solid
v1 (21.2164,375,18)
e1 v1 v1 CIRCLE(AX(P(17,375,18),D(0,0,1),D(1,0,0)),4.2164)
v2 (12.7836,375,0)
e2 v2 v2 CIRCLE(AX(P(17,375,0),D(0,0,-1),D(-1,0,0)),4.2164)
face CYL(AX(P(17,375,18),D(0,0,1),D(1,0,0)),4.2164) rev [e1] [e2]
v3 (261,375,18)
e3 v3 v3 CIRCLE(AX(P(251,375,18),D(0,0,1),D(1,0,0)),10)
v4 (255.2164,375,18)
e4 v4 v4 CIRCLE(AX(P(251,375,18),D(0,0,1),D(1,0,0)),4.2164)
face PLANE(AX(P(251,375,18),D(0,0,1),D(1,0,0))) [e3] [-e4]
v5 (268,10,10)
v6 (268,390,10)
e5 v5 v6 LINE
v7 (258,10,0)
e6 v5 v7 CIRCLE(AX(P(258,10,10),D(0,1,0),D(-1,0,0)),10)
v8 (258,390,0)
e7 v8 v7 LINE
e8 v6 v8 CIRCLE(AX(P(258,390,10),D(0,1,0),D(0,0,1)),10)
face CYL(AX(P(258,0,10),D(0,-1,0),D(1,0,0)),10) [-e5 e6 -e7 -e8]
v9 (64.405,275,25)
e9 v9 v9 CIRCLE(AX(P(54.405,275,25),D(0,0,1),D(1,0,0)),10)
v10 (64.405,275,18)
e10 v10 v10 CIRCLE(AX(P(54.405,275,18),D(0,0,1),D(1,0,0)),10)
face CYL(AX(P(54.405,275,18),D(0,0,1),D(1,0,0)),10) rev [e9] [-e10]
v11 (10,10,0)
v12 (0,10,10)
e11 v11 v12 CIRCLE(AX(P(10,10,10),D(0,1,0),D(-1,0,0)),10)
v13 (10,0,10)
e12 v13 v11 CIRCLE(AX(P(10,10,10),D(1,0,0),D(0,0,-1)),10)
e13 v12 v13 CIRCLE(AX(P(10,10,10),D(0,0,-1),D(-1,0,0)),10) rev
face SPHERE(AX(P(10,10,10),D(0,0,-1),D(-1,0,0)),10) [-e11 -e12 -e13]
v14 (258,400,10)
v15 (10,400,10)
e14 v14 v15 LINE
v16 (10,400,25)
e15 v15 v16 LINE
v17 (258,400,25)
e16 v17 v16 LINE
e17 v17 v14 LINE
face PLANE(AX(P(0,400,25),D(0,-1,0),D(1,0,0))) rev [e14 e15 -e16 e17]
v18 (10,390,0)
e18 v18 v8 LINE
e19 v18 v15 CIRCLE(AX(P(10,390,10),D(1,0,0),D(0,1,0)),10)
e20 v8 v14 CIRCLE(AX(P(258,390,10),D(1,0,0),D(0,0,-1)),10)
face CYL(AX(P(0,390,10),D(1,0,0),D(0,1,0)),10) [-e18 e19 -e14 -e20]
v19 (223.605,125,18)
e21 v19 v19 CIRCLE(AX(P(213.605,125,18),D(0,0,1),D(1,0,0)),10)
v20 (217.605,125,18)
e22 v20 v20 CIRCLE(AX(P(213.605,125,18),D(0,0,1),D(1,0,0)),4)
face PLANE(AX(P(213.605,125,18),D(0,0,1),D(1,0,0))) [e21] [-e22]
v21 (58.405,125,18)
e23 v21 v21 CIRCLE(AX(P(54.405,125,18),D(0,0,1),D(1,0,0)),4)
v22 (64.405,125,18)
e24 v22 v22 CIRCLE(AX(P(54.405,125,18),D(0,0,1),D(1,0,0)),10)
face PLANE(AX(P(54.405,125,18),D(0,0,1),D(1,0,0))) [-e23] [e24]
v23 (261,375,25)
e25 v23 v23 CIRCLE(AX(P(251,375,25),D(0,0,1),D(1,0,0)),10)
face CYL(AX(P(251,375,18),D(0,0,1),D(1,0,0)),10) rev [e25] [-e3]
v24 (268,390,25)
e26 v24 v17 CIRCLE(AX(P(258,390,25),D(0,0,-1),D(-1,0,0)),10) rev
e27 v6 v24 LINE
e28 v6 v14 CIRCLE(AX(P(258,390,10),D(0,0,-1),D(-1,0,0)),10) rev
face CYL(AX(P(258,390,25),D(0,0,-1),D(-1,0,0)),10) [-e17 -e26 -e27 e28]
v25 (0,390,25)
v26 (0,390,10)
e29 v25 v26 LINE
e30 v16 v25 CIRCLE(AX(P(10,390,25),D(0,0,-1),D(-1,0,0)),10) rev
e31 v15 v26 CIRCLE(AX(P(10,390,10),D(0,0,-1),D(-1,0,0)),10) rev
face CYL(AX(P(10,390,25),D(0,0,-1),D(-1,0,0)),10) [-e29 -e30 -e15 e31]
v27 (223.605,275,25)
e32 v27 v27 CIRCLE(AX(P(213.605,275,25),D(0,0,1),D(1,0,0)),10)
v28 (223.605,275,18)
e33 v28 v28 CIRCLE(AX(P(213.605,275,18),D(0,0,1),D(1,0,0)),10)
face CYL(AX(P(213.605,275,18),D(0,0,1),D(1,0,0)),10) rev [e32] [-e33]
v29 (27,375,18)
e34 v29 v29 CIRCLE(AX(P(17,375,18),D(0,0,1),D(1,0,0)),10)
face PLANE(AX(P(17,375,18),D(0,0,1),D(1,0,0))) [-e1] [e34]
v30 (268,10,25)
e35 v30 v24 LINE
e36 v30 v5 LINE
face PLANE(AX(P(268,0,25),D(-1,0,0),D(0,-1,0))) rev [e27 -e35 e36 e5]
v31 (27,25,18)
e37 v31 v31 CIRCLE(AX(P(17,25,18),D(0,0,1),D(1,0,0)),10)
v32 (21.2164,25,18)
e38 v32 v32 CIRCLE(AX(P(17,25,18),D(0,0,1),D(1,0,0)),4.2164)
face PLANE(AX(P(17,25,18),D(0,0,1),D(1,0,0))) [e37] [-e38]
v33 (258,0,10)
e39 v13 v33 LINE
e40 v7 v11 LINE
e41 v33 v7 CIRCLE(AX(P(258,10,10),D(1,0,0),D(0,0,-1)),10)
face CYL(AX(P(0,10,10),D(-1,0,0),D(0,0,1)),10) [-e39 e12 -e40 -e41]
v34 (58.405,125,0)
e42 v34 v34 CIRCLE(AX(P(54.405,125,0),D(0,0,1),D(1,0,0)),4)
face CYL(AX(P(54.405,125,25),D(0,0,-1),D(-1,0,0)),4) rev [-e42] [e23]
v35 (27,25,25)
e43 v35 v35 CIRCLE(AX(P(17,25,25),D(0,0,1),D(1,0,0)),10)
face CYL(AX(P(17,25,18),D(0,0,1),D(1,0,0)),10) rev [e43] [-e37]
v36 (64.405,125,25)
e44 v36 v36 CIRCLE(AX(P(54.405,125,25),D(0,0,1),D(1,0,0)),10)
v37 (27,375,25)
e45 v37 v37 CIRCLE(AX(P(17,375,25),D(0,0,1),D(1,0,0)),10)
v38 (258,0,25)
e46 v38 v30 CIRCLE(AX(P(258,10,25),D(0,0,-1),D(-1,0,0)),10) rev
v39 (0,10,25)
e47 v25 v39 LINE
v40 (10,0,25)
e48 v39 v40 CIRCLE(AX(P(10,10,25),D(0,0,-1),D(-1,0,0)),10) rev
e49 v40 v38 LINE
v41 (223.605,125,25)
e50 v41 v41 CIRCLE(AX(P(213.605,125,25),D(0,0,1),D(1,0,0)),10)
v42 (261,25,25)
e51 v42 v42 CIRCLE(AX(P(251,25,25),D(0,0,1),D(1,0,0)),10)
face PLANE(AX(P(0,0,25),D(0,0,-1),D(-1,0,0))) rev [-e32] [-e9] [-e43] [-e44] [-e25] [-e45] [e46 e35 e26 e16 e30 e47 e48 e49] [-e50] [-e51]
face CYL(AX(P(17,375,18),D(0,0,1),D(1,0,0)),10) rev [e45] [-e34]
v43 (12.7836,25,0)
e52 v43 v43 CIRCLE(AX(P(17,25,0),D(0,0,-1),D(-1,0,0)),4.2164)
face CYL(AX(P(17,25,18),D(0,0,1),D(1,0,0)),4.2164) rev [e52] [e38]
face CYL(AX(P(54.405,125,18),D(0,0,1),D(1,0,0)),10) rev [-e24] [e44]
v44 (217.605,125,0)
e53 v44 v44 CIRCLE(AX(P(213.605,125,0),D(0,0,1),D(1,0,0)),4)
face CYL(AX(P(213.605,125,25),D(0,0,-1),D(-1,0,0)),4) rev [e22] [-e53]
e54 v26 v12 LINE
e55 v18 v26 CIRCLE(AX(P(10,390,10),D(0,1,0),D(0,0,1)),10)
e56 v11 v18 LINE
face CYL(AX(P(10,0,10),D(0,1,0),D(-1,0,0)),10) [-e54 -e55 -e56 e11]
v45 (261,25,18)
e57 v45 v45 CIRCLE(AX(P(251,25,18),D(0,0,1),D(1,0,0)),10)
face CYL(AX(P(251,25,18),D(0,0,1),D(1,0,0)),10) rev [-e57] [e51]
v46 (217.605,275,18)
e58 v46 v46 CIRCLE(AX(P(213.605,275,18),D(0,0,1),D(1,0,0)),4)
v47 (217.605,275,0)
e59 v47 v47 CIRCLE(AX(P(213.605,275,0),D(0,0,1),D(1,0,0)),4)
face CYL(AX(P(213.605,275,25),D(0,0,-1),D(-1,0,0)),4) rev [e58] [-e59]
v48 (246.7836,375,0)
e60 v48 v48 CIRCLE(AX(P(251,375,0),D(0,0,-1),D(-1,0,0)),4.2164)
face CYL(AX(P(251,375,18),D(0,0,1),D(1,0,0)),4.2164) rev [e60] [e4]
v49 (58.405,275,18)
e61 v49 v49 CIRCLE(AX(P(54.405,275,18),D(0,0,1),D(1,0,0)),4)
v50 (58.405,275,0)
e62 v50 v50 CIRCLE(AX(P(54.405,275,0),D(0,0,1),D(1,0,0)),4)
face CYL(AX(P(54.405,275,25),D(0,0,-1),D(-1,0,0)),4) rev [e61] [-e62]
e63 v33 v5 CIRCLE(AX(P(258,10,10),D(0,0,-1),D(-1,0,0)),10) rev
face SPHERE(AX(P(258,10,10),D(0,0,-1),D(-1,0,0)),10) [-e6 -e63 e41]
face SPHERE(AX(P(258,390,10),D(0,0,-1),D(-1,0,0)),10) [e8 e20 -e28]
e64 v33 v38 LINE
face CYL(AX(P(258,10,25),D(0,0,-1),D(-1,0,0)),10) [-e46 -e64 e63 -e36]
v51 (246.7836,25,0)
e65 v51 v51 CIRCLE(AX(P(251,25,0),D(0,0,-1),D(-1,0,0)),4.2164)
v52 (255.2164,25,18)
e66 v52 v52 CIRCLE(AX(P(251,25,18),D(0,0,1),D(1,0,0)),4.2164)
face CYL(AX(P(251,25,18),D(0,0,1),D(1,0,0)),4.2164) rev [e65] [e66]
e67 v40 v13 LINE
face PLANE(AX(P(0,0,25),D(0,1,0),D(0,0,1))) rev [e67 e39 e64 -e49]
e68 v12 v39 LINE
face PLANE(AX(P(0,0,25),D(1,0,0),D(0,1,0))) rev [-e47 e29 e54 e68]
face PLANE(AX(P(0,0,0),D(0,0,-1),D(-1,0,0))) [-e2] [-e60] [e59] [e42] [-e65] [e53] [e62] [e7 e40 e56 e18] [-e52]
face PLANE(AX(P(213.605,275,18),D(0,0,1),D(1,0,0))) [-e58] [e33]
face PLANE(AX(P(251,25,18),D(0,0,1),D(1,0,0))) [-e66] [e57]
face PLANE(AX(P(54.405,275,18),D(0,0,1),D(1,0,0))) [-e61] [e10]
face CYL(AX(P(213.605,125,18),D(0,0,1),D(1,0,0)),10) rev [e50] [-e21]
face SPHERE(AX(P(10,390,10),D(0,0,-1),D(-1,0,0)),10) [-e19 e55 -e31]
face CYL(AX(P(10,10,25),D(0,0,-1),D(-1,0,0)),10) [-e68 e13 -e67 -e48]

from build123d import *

# Parameters (mm, degrees)
CROQUIS1_W                         = 268
CROQUIS1_H                         = 400
CROQUIS1_R                         = 4
SALIENTE_EXTRUIR1_DEPTH            = 25
CROQUIS2_R                         = 10
CORTAR_EXTRUIR1_DEPTH              = 7
REDONDEO1_R                        = 10
REDONDEO2_R                        = 10
CROQUIS3_R                         = 10
CORTAR_EXTRUIR2_DEPTH              = 7
TALADRO_DE_MARGEN_PARA_5_161_D     = 8.4328
TALADRO_DE_MARGEN_PARA_5_161_DEPTH = 18


with BuildPart() as part:
    # Croquis1 → Saliente-Extruir1 (new body)
    with BuildSketch(Plane.XY):
        with Locations((134, 200)):
            Rectangle(CROQUIS1_W, CROQUIS1_H)
        with Locations((54.405, 275)):
            Circle(CROQUIS1_R, mode=Mode.SUBTRACT)
        with Locations((213.605, 275)):
            Circle(CROQUIS1_R, mode=Mode.SUBTRACT)
        with Locations((213.605, 125)):
            Circle(CROQUIS1_R, mode=Mode.SUBTRACT)
        with Locations((54.405, 125)):
            Circle(CROQUIS1_R, mode=Mode.SUBTRACT)
    extrude(amount=SALIENTE_EXTRUIR1_DEPTH)

    # Croquis2 → Cortar-Extruir1 (cut)
    with BuildSketch(Plane.XY.offset(25)):
        with Locations((54.405, 275)):
            Circle(CROQUIS2_R)
        with Locations((213.605, 275)):
            Circle(CROQUIS2_R)
        with Locations((213.605, 125)):
            Circle(CROQUIS2_R)
        with Locations((54.405, 125)):
            Circle(CROQUIS2_R)
    extrude(amount=-CORTAR_EXTRUIR1_DEPTH, mode=Mode.SUBTRACT)

    # Redondeo1
    redondeo1_edges = [part.edges().sort_by_distance(p)[0] for p in [
        (0, 400, 12.5),
        (268, 400, 12.5),
        (268, 0, 12.5),
        (0, 0, 12.5),
    ]]
    fillet(redondeo1_edges, radius=REDONDEO1_R)

    # Redondeo2
    redondeo2_edges = [part.edges().sort_by_distance(p)[0] for p in [
        (268, 200, 0),
        (0, 200, 0),
        (134, 400, 0),
        (134, 0, 0),
        (2.928932188, 397.071067812, 0),
        (265.071067812, 397.071067812, 0),
        (2.928932188, 2.928932188, 0),
        (265.071067812, 2.928932188, 0),
    ]]
    fillet(redondeo2_edges, radius=REDONDEO2_R)

    # Croquis3 → Cortar-Extruir2 (cut)
    with BuildSketch(Plane.XY.offset(25)):
        with Locations((17, 375)):
            Circle(CROQUIS3_R)
        with Locations((251, 375)):
            Circle(CROQUIS3_R)
        with Locations((251, 25)):
            Circle(CROQUIS3_R)
        with Locations((17, 25)):
            Circle(CROQUIS3_R)
    extrude(amount=-CORTAR_EXTRUIR2_DEPTH, mode=Mode.SUBTRACT)

    # Taladro de margen para 5/161
    with Locations(Plane.XY.offset(18)):
        with Locations((17, 25), (251, 25), (251, 375), (17, 375)):
            Hole(TALADRO_DE_MARGEN_PARA_5_161_D / 2, depth=TALADRO_DE_MARGEN_PARA_5_161_DEPTH)


solid = part.part
